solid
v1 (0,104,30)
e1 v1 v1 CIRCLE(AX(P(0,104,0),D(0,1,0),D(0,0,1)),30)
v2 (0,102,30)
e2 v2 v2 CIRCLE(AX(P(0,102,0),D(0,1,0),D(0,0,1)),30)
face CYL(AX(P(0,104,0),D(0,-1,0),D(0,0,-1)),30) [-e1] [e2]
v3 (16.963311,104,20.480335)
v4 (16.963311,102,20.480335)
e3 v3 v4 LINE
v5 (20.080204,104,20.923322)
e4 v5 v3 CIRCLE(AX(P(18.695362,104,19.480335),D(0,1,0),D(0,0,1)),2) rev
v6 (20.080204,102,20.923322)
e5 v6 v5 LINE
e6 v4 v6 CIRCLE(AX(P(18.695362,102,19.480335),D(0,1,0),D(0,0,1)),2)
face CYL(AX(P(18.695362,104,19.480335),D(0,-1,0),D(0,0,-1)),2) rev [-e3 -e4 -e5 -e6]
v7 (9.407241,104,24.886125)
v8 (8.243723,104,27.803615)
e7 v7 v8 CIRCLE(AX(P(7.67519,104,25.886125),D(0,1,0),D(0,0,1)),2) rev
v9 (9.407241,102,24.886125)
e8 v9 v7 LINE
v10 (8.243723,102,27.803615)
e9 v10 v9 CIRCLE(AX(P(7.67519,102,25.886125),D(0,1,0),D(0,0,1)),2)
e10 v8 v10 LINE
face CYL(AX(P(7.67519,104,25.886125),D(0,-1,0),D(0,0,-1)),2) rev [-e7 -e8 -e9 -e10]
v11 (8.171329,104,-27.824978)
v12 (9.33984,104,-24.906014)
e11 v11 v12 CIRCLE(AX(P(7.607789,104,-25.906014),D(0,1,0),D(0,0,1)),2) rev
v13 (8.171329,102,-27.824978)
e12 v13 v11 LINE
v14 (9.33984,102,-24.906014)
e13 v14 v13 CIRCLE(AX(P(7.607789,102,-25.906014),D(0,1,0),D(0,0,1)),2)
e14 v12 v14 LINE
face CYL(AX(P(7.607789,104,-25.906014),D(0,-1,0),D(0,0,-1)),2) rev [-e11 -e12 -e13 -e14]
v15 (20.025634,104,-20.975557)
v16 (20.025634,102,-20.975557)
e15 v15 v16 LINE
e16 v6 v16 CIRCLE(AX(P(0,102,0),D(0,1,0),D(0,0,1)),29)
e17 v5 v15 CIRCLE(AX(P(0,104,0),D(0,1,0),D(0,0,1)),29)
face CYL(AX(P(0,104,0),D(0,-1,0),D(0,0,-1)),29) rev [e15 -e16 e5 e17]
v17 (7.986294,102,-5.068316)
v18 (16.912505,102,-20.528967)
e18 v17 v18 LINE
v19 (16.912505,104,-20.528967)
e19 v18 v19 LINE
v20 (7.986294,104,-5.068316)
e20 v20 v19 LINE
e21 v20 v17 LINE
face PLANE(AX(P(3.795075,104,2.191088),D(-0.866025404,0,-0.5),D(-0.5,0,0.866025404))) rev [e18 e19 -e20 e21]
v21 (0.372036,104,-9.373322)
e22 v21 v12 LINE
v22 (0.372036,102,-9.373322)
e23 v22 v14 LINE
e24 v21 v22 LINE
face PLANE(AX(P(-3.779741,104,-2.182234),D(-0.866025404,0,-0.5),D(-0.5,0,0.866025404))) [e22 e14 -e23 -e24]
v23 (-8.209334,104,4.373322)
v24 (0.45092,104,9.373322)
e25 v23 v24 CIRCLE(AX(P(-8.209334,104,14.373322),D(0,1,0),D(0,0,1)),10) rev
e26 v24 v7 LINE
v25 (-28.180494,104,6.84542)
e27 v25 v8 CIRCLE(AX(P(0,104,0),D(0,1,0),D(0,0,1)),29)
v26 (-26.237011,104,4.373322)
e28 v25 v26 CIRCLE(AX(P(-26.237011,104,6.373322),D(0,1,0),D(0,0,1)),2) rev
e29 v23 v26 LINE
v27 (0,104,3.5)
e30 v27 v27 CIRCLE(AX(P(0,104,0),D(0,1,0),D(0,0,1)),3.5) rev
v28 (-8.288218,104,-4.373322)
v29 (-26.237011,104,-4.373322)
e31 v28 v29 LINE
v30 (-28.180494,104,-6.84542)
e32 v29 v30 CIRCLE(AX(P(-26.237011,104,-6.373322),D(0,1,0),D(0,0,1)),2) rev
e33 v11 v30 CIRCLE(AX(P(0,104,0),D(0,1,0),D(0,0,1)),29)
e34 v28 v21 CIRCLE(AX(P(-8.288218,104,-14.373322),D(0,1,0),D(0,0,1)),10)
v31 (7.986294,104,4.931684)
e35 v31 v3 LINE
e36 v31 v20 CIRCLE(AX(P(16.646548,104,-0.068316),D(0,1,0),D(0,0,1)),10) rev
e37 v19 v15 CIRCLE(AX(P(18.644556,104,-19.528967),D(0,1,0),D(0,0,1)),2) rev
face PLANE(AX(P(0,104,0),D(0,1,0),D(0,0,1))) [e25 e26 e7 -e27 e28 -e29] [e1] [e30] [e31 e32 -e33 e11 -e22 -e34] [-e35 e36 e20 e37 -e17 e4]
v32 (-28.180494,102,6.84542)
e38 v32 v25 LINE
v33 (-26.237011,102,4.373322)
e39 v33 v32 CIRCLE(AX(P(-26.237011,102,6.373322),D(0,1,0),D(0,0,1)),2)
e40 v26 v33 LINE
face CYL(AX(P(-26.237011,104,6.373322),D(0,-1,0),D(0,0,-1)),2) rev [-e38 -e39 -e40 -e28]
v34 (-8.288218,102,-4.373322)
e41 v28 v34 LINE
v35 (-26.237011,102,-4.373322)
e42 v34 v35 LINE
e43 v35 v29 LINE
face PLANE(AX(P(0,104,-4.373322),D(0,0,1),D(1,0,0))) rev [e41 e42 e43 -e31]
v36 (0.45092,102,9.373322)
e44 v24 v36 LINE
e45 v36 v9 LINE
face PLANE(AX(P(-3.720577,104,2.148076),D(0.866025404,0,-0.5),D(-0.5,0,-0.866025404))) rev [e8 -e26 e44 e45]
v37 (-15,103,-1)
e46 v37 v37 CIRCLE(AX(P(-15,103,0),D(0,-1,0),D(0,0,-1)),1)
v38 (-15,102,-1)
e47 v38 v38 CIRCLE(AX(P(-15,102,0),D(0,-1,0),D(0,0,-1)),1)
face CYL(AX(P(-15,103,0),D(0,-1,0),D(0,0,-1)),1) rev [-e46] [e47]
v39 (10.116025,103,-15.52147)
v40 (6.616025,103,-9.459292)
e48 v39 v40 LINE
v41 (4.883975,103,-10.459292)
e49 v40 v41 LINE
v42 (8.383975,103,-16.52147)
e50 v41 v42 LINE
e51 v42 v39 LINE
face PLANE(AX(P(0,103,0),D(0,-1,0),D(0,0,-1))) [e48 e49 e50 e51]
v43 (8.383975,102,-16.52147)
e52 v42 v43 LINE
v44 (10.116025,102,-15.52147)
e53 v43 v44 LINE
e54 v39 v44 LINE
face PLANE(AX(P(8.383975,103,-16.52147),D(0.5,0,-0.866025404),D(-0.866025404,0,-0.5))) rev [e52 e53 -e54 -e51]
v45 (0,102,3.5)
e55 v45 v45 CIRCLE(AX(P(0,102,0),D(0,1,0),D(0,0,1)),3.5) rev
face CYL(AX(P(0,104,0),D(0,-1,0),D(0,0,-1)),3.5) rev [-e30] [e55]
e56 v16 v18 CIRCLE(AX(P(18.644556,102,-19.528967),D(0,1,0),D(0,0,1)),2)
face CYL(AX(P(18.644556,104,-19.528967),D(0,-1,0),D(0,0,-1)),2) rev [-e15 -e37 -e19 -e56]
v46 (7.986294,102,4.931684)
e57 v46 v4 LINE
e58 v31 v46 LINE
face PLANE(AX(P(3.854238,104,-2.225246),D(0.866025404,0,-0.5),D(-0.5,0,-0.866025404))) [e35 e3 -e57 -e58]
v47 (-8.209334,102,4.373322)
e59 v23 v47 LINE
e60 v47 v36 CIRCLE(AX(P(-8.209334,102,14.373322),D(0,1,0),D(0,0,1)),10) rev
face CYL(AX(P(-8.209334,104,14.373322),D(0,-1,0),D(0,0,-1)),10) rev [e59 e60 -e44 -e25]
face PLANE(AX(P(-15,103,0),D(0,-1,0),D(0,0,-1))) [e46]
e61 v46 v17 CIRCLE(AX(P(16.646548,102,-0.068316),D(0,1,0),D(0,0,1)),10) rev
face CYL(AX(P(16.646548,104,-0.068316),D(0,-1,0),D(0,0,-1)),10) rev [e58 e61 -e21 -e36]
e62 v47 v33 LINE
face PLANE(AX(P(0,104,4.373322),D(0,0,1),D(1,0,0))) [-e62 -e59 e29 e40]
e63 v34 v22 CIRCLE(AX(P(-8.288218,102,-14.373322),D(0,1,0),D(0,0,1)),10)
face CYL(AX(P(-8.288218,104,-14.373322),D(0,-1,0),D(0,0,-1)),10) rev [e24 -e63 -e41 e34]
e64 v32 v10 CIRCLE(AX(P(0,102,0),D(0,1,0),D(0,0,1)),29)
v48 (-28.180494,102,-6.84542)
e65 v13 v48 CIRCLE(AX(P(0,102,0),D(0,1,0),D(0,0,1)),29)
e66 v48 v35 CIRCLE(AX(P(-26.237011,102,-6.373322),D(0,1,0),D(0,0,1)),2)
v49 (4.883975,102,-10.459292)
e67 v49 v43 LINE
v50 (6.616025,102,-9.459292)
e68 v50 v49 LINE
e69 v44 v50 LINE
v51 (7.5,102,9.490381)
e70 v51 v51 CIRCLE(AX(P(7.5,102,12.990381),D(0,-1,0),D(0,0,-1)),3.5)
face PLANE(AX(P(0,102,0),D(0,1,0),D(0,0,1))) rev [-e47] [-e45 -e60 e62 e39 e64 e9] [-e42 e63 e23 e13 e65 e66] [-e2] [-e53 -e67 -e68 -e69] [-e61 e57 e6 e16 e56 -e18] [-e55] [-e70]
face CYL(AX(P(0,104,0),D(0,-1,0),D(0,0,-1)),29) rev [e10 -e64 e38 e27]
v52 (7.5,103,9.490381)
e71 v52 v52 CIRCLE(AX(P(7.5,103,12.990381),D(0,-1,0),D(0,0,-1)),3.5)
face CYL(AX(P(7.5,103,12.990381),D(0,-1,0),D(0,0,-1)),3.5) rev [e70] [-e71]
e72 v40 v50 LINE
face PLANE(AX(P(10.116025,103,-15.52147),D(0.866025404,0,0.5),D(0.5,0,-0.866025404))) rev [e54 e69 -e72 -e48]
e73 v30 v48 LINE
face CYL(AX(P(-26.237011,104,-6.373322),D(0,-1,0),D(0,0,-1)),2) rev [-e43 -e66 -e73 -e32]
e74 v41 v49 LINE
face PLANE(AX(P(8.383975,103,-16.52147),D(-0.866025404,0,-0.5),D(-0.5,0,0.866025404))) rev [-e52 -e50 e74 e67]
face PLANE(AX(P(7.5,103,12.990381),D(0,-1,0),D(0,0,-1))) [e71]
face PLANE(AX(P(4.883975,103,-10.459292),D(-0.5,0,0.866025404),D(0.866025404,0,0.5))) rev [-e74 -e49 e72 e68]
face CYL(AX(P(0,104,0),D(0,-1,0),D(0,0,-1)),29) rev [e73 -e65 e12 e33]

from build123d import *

# Parameters (mm, degrees)
SKETCH1_R           = 46.5
SKETCH1_R_2         = 6.5
SKETCH1_R_3         = 10
SKETCH1_R_4         = 3.5
BOSS_EXTRUDE1_DEPTH = 2
SKETCH3_R           = 5
SKETCH3_R_2         = 3.5
BOSS_EXTRUDE2_DEPTH = 100
SKETCH4_R           = 30
SKETCH4_R_2         = 5
SKETCH4_R_3         = 3.5
BOSS_EXTRUDE5_DEPTH = 2
FILLET2_R           = 2
SKETCH5_R           = 1
SKETCH5_R_2         = 3.5
CUT_EXTRUDE1_DEPTH  = 1
SKETCH6_R           = 2
CUT_EXTRUDE2_DEPTH  = 2
CHAMFER2_SIZE       = 0.8
SKETCH7_R           = 61.085714235
CUT_EXTRUDE3_DEPTH  = 122.361031637


with BuildPart() as part:
    # Sketch1 → Boss-Extrude1 (new body)
    with BuildSketch(Plane(origin=(0, 0, 0), x_dir=(1, 0, 0), z_dir=(0, 1, 0))):
        with Locations(Location((0, 0, 0), (0, 0, 270))):
            Circle(SKETCH1_R)
        with Locations(Location((0, 15, 0), (0, 0, 270))):
            Circle(SKETCH1_R_2, mode=Mode.SUBTRACT)
        with Locations(Location((-12.990381057, -7.5, 0), (0, 0, 270))):
            Circle(SKETCH1_R_3, mode=Mode.SUBTRACT)
        with Locations(Location((12.990381057, -7.5, 0), (0, 0, 270))):
            Circle(SKETCH1_R_4, mode=Mode.SUBTRACT)
        with Locations(Location((0, 0, 0), (0, 0, 270))):
            Circle(SKETCH1_R_4, mode=Mode.SUBTRACT)
    extrude(amount=BOSS_EXTRUDE1_DEPTH)

    # Sketch3 → Boss-Extrude2 (add)
    with BuildSketch(Plane(origin=(0, 2, 0), x_dir=(1, 0, 0), z_dir=(0, 1, 0))):
        with Locations(Location((0, 0, 0), (0, 0, 210))):
            Circle(SKETCH3_R)
        with Locations(Location((0, 0, 0), (0, 0, 270))):
            Circle(SKETCH3_R_2, mode=Mode.SUBTRACT)
    extrude(amount=BOSS_EXTRUDE2_DEPTH)

    # Sketch6 → Cut-Extrude2 (cut)
    with BuildSketch(Plane.XZ):
        with Locations(Location((0, 35, 0), (0, 0, 270))):
            Circle(SKETCH6_R)
        with Locations(Location((27.364101886, 21.822143065, 0), (0, 0, 270))):
            Circle(SKETCH6_R)
        with Locations(Location((34.122476926, -7.788232688, 0), (0, 0, 270))):
            Circle(SKETCH6_R)
        with Locations(Location((15.185930869, -31.533910377, 0), (0, 0, 270))):
            Circle(SKETCH6_R)
        with Locations(Location((-15.185930869, -31.533910377, 0), (0, 0, 270))):
            Circle(SKETCH6_R)
        with Locations(Location((-34.122476926, -7.788232688, 0), (0, 0, 270))):
            Circle(SKETCH6_R)
        with Locations(Location((-27.364101886, 21.822143065, 0), (0, 0, 270))):
            Circle(SKETCH6_R)
    extrude(amount=-CUT_EXTRUDE2_DEPTH, mode=Mode.SUBTRACT)

    # Chamfer2
    chamfer2_edges = [part.edges().sort_by_distance(p)[0] for p in [
        (12.990381057, 0, 4),
        (34.122476926, 0, -5.788232688),
        (27.364101886, 0, 23.822143065),
        (0, 0, 37),
        (-27.364101886, 0, 23.822143065),
        (-34.122476926, 0, -5.788232688),
        (-15.185930869, 0, -29.533910377),
        (15.185930869, 0, -29.533910377),
    ]]
    chamfer(chamfer2_edges, length=CHAMFER2_SIZE)

    # Sketch7 → Cut-Extrude3 (cut, through all)
    with BuildSketch(Plane.XZ.offset(-102)):
        Circle(SKETCH7_R)
    extrude(amount=CUT_EXTRUDE3_DEPTH, mode=Mode.SUBTRACT)


with BuildPart() as body_2:
    # Sketch4 → Boss-Extrude5 (new body)
    # profile 1 of 3: a face of its own
    with BuildSketch(Plane(origin=(0, 102, 0), x_dir=(1, 0, 0), z_dir=(0, 1, 0))):
        with Locations(Location((0, 0, 0), (0, 0, 270))):
            Circle(SKETCH4_R)
        with BuildLine():
            ThreePointArc((-28.668345883, -4.373321886), (-29, 0), (-28.668345883, 4.373321886))
            ThreePointArc((-28.668345883, 4.373321886), (-14.496121896, 25.116975335), (10.555107028, 27.010918452))
            ThreePointArc((10.555107028, 27.010918452), (14.507755353, 25.110257558), (18.128572143, 22.635257278))
            ThreePointArc((18.128572143, 22.635257278), (26.141237463, 12.555305808), (29, 0))
            ThreePointArc((29, 0), (26.156181805, -12.524142821), (18.182472179, -22.591983212))
            ThreePointArc((18.182472179, -22.591983212), (14.567551204, -25.075614687), (10.619428606, -26.985695027))
            ThreePointArc((10.619428606, -26.985695027), (-14.466191914, -25.134225501), (-28.668345883, -4.373321886))
        make_face(mode=Mode.SUBTRACT)
    # profile 2 of 3: a face of its own
    with BuildSketch(Plane(origin=(0, 102, 0), x_dir=(1, 0, 0), z_dir=(0, 1, 0))):
        with BuildLine():
            ThreePointArc((0.372035902, 9.373321886), (-3.288218135, 5.713067848), (-8.288218135, 4.373321886))
            Line((-8.288218135, 4.373321886), (-28.668345883, 4.373321886))
            ThreePointArc((-28.668345883, 4.373321886), (-29, 0), (-28.668345883, -4.373321886))
            Line((-28.668345883, -4.373321886), (-8.209333805, -4.373321886))
            ThreePointArc((-8.209333805, -4.373321886), (-3.209333805, -5.713067848), (0.450920232, -9.373321886))
            Line((0.450920232, -9.373321886), (10.619428606, -26.985695027))
            ThreePointArc((10.619428606, -26.985695027), (14.567551204, -25.075614687), (18.182472179, -22.591983212))
            Line((18.182472179, -22.591983212), (7.986293771, -4.931684166))
            ThreePointArc((7.986293771, -4.931684166), (6.646547809, 0.068315834), (7.986293771, 5.068315834))
            Line((7.986293771, 5.068315834), (18.128572143, 22.635257278))
            ThreePointArc((18.128572143, 22.635257278), (14.507755353, 25.110257558), (10.555107028, 27.010918452))
            Line((10.555107028, 27.010918452), (0.372035902, 9.373321886))
        make_face()
        with Locations(Location((0, 0, 0), (0, 0, 210))):
            Circle(SKETCH4_R_2, mode=Mode.SUBTRACT)
    # profile 3 of 3: a face of its own
    with BuildSketch(Plane(origin=(0, 102, 0), x_dir=(1, 0, 0), z_dir=(0, 1, 0))):
        with Locations(Location((0, 0, 0), (0, 0, 210))):
            Circle(SKETCH4_R_2)
        with Locations(Location((0, 0, 0), (0, 0, 270))):
            Circle(SKETCH4_R_3, mode=Mode.SUBTRACT)
    extrude(amount=BOSS_EXTRUDE5_DEPTH)

    # Fillet2
    fillet2_edges = [body_2.edges().sort_by_distance(p)[0] for p in [
        (10.555107028, 103, -27.010918452),
        (-28.668345883, 103, -4.373321886),
        (18.128572143, 103, -22.635257278),
        (18.182472179, 103, 22.591983212),
        (10.619428606, 103, 26.985695027),
        (-28.668345883, 103, 4.373321886),
    ]]
    fillet(fillet2_edges, radius=FILLET2_R)

    # Sketch5 → Cut-Extrude1 (cut)
    with BuildSketch(Plane.XZ.offset(-102)):
        with Locations(Location((-15, 0, 0), (0, 0, 270))):
            Circle(SKETCH5_R)
        with Locations(Location((7.5, 12.990381057, 0), (0, 0, 270))):
            Circle(SKETCH5_R_2)
        Polygon((8.383974596, -16.52146997), (4.883974596, -10.459292144), (6.616025404, -9.459292144), (10.116025404, -15.52146997), align=None)
    extrude(amount=-CUT_EXTRUDE1_DEPTH, mode=Mode.SUBTRACT)


solid = body_2.part
